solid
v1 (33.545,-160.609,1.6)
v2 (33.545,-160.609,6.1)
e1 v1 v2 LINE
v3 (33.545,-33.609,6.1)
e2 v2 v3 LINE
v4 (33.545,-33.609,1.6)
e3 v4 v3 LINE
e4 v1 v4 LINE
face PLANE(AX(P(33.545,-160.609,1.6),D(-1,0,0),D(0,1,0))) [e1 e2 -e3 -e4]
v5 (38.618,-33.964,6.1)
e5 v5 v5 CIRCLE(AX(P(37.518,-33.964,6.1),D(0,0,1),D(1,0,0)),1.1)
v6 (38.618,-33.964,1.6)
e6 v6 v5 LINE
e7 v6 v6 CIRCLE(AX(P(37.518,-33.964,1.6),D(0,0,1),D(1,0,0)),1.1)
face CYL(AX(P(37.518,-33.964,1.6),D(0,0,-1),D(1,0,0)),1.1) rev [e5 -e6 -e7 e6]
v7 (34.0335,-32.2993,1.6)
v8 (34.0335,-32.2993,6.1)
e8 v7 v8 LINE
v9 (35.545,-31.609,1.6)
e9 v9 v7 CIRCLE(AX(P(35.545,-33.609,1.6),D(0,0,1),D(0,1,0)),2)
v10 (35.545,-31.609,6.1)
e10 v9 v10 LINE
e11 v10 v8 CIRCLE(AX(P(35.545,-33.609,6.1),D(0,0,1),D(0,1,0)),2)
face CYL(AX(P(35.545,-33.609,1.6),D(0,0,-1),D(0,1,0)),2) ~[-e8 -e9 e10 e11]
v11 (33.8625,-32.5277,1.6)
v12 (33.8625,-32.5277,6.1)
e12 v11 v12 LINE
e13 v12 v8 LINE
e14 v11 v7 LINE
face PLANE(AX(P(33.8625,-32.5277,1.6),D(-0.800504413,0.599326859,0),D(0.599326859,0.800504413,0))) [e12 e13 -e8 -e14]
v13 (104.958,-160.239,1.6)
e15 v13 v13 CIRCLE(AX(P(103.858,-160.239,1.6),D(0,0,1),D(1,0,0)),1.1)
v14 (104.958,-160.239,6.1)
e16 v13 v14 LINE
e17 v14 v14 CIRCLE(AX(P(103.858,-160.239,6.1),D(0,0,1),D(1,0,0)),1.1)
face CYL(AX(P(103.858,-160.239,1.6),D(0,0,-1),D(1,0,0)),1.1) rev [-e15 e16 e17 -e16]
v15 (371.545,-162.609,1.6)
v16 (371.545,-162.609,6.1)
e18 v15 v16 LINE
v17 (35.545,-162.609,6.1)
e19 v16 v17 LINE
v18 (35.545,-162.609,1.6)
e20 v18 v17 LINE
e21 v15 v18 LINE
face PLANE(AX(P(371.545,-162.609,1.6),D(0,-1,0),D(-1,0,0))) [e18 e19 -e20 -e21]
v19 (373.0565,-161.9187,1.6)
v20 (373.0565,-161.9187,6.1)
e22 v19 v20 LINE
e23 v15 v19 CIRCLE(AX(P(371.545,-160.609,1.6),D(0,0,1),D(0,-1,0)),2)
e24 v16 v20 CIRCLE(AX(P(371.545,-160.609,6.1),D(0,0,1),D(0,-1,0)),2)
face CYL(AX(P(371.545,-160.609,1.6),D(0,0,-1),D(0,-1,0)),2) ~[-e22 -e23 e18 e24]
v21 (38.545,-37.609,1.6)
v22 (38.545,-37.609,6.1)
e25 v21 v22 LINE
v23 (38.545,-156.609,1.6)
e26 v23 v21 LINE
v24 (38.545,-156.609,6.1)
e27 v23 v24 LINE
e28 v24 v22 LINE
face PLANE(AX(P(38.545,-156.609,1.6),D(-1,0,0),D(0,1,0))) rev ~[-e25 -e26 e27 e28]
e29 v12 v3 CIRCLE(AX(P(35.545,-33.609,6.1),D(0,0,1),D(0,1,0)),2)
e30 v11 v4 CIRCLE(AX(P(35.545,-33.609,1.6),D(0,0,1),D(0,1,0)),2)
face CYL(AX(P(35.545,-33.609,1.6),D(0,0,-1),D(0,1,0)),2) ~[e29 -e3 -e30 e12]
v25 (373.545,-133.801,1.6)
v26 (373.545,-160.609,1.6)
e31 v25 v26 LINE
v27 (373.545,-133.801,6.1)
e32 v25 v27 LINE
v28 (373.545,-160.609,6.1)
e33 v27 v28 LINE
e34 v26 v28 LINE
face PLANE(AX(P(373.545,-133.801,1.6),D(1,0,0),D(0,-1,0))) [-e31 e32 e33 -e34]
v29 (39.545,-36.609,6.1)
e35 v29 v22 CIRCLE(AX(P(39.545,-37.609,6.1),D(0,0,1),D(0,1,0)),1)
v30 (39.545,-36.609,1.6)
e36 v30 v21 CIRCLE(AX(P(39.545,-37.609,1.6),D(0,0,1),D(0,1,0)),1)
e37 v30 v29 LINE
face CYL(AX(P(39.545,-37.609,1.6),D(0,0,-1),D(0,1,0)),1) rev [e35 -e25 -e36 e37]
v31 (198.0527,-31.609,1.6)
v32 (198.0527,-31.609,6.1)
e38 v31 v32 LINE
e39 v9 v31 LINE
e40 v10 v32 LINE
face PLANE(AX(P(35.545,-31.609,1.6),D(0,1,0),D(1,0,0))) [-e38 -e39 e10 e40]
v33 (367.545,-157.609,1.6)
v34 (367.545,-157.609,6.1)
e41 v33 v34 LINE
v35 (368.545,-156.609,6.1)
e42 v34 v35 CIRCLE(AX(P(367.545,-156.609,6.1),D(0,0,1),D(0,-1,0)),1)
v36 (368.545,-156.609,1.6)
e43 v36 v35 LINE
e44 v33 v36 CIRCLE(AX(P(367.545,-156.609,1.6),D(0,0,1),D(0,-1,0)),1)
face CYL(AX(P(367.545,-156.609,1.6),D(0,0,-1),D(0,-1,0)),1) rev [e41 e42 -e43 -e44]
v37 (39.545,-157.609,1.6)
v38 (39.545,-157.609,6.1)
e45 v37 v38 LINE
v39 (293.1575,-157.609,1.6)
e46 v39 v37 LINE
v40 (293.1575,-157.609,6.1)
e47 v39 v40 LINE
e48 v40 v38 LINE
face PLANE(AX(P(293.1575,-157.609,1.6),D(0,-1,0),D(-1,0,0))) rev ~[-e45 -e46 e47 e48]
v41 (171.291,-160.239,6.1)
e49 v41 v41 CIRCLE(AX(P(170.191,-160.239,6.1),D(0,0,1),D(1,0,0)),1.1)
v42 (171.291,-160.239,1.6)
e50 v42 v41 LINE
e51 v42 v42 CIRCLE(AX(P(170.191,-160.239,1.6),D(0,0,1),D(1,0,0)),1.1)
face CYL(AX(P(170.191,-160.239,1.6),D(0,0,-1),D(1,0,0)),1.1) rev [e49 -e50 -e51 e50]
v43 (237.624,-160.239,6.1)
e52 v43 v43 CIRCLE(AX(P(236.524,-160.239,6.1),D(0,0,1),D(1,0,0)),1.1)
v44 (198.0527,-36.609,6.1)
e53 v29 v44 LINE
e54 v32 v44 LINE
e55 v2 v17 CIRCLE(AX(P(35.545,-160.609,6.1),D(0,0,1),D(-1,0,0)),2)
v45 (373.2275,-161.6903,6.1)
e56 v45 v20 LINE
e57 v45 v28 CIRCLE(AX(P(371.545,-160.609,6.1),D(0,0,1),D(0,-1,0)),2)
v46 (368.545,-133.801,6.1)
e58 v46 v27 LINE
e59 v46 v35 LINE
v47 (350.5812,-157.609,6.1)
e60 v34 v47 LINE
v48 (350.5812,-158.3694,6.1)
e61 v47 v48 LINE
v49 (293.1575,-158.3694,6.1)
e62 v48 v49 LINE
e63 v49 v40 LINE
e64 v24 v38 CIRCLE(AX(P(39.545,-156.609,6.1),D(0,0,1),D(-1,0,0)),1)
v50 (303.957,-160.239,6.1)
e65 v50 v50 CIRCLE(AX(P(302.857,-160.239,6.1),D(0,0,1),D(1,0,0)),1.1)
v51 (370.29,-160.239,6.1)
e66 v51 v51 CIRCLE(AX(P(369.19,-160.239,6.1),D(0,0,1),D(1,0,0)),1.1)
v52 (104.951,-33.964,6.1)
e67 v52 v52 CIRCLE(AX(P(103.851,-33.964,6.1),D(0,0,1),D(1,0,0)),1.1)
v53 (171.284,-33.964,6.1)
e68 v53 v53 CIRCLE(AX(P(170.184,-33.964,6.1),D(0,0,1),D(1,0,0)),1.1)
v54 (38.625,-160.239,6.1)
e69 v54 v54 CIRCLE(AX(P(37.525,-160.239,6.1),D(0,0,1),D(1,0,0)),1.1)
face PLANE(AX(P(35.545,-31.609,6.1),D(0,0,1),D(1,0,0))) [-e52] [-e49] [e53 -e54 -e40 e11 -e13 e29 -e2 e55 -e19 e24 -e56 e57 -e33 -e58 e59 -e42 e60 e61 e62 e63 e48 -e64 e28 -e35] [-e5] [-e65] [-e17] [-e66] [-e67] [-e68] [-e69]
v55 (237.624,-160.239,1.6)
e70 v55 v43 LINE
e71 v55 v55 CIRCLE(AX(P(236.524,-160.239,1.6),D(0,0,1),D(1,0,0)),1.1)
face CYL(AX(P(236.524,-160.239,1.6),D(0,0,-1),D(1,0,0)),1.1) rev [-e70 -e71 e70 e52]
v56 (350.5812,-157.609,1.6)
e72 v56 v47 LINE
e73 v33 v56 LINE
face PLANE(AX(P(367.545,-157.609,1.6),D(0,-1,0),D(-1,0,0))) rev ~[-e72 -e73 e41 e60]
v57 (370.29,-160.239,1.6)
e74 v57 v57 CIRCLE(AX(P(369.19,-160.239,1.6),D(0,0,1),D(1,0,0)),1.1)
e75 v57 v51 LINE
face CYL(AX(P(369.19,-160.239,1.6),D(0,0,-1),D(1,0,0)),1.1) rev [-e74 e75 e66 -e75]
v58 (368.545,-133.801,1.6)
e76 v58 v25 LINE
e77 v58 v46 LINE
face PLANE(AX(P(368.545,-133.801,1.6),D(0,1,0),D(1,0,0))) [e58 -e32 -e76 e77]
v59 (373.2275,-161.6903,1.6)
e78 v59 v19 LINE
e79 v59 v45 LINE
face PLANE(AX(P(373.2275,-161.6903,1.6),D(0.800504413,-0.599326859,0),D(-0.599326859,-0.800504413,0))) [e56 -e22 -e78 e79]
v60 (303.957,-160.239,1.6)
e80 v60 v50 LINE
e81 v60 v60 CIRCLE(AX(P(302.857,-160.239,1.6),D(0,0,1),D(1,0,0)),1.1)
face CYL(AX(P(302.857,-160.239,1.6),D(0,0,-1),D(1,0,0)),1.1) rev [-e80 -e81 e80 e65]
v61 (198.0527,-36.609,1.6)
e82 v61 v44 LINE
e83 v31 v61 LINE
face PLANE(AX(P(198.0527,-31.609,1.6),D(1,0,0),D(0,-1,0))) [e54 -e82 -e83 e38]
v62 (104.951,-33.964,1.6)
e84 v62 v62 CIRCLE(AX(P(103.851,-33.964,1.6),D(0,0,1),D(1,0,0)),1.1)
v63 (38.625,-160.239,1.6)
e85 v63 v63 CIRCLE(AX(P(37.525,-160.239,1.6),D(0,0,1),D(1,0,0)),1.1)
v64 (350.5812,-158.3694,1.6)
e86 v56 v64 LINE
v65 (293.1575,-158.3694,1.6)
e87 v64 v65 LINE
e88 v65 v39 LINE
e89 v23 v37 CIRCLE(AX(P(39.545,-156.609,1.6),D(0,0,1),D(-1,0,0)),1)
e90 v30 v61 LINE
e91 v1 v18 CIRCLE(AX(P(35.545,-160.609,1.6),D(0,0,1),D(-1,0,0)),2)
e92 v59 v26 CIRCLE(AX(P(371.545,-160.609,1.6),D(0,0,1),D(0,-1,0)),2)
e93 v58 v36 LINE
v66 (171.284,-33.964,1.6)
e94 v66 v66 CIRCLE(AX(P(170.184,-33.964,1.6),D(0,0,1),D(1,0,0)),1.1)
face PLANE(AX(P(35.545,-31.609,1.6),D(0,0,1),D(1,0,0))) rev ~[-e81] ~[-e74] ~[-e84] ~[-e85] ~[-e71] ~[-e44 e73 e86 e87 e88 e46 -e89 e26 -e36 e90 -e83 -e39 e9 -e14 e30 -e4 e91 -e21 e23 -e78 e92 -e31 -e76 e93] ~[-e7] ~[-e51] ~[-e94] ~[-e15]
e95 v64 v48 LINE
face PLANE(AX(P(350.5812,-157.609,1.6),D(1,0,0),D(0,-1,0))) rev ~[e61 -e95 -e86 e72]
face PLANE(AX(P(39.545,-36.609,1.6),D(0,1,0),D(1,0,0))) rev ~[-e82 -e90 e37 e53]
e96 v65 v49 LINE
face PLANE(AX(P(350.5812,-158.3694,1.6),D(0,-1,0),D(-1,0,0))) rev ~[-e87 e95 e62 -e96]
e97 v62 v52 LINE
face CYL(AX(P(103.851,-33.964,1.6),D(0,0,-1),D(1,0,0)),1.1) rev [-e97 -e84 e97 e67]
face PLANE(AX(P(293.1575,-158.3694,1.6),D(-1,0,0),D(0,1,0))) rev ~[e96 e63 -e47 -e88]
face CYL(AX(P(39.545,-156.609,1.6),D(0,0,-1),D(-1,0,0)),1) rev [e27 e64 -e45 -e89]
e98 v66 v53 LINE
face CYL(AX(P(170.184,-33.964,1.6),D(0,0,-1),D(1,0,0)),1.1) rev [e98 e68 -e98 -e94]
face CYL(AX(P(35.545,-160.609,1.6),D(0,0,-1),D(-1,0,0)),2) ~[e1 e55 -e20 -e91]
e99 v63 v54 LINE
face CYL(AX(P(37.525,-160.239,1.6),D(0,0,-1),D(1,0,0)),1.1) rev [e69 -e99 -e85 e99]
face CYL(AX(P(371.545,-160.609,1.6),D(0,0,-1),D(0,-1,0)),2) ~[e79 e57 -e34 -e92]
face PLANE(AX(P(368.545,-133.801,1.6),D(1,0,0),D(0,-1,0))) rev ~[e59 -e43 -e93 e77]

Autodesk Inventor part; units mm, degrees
ref_plane "YZ Plane" through (0, 0, 0) normal (1, 0, 0) x (0, 1, 0)
ref_plane "XZ Plane" through (0, 0, 0) normal (0, 1, 0) x (-1, 0, 0)
ref_plane "XY Plane" through (0, 0, 0) normal (0, 0, 1) x (1, 0, 0)
ref_plane "Work Plane2" through (35.545, -31.609, 1.6) normal (0, 0, 1) x (1, 0, 0)
ref_plane "Work Plane1" through (35.545, -31.609, 1.6) normal (0, 0, 1) x (1, 0, 0)
sketch "Sketch1" plane through (35.545, -31.609, 1.6) normal (0, 0, 1) x (1, 0, 0)
  line L0 (0, 0) -> (336, 0) projected
  line L1 (-2, -129) -> (-2, -2) projected
  line L2 (-1.6825, -0.9187) -> (-1.5115, -0.6903) projected
  arc A0 (0, 0) -> (-2, -2) centre (0, -2) ccw
  line L3 (338, -2) -> (338, -129) projected
  line L4 (337.5115, -0.6903) -> (337.6825, -0.9187) projected
  arc A1 (338, -2) -> (336, 0) centre (336, -2) ccw
  line L5 (336, -131) -> (0, -131) projected
  line L6 (337.6825, -130.0813) -> (337.5115, -130.3097) projected
  arc A2 (336, -131) -> (338, -129) centre (336, -129) ccw
  arc A3 (-2, -129) -> (0, -131) centre (0, -129) ccw
  circle A4 centre (1.98, -128.63) radius 1.1 projected
  circle A5 centre (1.98, -128.63) radius 1.1
  circle A6 centre (68.313, -128.63) radius 1.1 projected
  circle A7 centre (134.646, -128.63) radius 1.1 projected
  circle A8 centre (134.646, -128.63) radius 1.1
  circle A9 centre (68.313, -128.63) radius 1.1
  circle A10 centre (200.979, -128.63) radius 1.1 projected
  circle A11 centre (267.312, -128.63) radius 1.1 projected
  circle A12 centre (333.645, -128.63) radius 1.1 projected
  circle A13 centre (333.645, -128.63) radius 1.1
  circle A14 centre (267.312, -128.63) radius 1.1
  circle A15 centre (200.979, -128.63) radius 1.1
  circle A16 centre (333.638, -2.355) radius 1.1 projected
  circle A17 centre (1.973, -2.355) radius 1.1 projected
  circle A18 centre (68.306, -2.355) radius 1.1 projected
  circle A19 centre (134.639, -2.355) radius 1.1 projected
  circle A20 centre (200.972, -2.355) radius 1.1 projected
  circle A21 centre (267.305, -2.355) radius 1.1 projected
  circle A22 centre (333.645, -2.355) radius 1.093
  circle A23 centre (267.305, -2.355) radius 1.1
  circle A24 centre (200.972, -2.355) radius 1.1
  circle A25 centre (134.639, -2.355) radius 1.1
  circle A26 centre (68.306, -2.355) radius 1.1
  circle A27 centre (1.973, -2.355) radius 1.1
  line L7 (3, -4.2357) -> (125.2758, -4.2357) construction
  line L8 (4, -5) -> (332, -5)
  line L9 (333, -6) -> (333, -125)
  line L10 (332, -126) -> (4, -126)
  line L11 (3, -125) -> (3, -6)
  arc A28 (4, -5) -> (3, -6) centre (4, -6) ccw
  arc A29 (333, -6) -> (332, -5) centre (332, -6) ccw
  arc A30 (332, -126) -> (333, -125) centre (332, -125) ccw
  arc A31 (3, -125) -> (4, -126) centre (4, -125) ccw
  line L12 (162.5077, 0) -> (162.5077, -5)
  line L13 (173.4174, -5) -> (173.4174, 0)
  circle A32 centre (320.737, -95.692) radius 0.175 projected
  line L14 (333, -88.192) -> (338, -88.192)
  line L15 (333, -102.192) -> (338, -102.192)
  line L16 (257.6125, -126) -> (315.0362, -126)
  line L17 (315.0362, -126) -> (315.0362, -126.7604)
  line L18 (315.0362, -126.7604) -> (257.6125, -126.7604)
  line L19 (257.6125, -126.7604) -> (257.6125, -126)
  point P0 (-35.545, 31.609)
  point P1 (-1.5115, -130.3097)
  point P2 (335.5, -88.192)
  point P3 (0, -131)
  point P4 (337.6825, -130.0813)
  point P5 (-1.6825, -0.9187)
  point P6 (337.6825, -0.9187)
  dimension "d2" = 5
  dimension "d3" = 5
  dimension "d4" = 5
  dimension "d5" = 5
  dimension "d6" = 1
  dimension "d7" = 1
  dimension "d8" = 1
  dimension "d9" = 1
extrude "Extrusion3" add sketch "Sketch1" along normal blind 4.5 contours L0 L12 L8 A28 L11 A31 L10 L19 L18 L17 A30 L9 L15 L3 A2 L6 L5 A3 L1 A0 L2
properties part number "open_liner_L"
